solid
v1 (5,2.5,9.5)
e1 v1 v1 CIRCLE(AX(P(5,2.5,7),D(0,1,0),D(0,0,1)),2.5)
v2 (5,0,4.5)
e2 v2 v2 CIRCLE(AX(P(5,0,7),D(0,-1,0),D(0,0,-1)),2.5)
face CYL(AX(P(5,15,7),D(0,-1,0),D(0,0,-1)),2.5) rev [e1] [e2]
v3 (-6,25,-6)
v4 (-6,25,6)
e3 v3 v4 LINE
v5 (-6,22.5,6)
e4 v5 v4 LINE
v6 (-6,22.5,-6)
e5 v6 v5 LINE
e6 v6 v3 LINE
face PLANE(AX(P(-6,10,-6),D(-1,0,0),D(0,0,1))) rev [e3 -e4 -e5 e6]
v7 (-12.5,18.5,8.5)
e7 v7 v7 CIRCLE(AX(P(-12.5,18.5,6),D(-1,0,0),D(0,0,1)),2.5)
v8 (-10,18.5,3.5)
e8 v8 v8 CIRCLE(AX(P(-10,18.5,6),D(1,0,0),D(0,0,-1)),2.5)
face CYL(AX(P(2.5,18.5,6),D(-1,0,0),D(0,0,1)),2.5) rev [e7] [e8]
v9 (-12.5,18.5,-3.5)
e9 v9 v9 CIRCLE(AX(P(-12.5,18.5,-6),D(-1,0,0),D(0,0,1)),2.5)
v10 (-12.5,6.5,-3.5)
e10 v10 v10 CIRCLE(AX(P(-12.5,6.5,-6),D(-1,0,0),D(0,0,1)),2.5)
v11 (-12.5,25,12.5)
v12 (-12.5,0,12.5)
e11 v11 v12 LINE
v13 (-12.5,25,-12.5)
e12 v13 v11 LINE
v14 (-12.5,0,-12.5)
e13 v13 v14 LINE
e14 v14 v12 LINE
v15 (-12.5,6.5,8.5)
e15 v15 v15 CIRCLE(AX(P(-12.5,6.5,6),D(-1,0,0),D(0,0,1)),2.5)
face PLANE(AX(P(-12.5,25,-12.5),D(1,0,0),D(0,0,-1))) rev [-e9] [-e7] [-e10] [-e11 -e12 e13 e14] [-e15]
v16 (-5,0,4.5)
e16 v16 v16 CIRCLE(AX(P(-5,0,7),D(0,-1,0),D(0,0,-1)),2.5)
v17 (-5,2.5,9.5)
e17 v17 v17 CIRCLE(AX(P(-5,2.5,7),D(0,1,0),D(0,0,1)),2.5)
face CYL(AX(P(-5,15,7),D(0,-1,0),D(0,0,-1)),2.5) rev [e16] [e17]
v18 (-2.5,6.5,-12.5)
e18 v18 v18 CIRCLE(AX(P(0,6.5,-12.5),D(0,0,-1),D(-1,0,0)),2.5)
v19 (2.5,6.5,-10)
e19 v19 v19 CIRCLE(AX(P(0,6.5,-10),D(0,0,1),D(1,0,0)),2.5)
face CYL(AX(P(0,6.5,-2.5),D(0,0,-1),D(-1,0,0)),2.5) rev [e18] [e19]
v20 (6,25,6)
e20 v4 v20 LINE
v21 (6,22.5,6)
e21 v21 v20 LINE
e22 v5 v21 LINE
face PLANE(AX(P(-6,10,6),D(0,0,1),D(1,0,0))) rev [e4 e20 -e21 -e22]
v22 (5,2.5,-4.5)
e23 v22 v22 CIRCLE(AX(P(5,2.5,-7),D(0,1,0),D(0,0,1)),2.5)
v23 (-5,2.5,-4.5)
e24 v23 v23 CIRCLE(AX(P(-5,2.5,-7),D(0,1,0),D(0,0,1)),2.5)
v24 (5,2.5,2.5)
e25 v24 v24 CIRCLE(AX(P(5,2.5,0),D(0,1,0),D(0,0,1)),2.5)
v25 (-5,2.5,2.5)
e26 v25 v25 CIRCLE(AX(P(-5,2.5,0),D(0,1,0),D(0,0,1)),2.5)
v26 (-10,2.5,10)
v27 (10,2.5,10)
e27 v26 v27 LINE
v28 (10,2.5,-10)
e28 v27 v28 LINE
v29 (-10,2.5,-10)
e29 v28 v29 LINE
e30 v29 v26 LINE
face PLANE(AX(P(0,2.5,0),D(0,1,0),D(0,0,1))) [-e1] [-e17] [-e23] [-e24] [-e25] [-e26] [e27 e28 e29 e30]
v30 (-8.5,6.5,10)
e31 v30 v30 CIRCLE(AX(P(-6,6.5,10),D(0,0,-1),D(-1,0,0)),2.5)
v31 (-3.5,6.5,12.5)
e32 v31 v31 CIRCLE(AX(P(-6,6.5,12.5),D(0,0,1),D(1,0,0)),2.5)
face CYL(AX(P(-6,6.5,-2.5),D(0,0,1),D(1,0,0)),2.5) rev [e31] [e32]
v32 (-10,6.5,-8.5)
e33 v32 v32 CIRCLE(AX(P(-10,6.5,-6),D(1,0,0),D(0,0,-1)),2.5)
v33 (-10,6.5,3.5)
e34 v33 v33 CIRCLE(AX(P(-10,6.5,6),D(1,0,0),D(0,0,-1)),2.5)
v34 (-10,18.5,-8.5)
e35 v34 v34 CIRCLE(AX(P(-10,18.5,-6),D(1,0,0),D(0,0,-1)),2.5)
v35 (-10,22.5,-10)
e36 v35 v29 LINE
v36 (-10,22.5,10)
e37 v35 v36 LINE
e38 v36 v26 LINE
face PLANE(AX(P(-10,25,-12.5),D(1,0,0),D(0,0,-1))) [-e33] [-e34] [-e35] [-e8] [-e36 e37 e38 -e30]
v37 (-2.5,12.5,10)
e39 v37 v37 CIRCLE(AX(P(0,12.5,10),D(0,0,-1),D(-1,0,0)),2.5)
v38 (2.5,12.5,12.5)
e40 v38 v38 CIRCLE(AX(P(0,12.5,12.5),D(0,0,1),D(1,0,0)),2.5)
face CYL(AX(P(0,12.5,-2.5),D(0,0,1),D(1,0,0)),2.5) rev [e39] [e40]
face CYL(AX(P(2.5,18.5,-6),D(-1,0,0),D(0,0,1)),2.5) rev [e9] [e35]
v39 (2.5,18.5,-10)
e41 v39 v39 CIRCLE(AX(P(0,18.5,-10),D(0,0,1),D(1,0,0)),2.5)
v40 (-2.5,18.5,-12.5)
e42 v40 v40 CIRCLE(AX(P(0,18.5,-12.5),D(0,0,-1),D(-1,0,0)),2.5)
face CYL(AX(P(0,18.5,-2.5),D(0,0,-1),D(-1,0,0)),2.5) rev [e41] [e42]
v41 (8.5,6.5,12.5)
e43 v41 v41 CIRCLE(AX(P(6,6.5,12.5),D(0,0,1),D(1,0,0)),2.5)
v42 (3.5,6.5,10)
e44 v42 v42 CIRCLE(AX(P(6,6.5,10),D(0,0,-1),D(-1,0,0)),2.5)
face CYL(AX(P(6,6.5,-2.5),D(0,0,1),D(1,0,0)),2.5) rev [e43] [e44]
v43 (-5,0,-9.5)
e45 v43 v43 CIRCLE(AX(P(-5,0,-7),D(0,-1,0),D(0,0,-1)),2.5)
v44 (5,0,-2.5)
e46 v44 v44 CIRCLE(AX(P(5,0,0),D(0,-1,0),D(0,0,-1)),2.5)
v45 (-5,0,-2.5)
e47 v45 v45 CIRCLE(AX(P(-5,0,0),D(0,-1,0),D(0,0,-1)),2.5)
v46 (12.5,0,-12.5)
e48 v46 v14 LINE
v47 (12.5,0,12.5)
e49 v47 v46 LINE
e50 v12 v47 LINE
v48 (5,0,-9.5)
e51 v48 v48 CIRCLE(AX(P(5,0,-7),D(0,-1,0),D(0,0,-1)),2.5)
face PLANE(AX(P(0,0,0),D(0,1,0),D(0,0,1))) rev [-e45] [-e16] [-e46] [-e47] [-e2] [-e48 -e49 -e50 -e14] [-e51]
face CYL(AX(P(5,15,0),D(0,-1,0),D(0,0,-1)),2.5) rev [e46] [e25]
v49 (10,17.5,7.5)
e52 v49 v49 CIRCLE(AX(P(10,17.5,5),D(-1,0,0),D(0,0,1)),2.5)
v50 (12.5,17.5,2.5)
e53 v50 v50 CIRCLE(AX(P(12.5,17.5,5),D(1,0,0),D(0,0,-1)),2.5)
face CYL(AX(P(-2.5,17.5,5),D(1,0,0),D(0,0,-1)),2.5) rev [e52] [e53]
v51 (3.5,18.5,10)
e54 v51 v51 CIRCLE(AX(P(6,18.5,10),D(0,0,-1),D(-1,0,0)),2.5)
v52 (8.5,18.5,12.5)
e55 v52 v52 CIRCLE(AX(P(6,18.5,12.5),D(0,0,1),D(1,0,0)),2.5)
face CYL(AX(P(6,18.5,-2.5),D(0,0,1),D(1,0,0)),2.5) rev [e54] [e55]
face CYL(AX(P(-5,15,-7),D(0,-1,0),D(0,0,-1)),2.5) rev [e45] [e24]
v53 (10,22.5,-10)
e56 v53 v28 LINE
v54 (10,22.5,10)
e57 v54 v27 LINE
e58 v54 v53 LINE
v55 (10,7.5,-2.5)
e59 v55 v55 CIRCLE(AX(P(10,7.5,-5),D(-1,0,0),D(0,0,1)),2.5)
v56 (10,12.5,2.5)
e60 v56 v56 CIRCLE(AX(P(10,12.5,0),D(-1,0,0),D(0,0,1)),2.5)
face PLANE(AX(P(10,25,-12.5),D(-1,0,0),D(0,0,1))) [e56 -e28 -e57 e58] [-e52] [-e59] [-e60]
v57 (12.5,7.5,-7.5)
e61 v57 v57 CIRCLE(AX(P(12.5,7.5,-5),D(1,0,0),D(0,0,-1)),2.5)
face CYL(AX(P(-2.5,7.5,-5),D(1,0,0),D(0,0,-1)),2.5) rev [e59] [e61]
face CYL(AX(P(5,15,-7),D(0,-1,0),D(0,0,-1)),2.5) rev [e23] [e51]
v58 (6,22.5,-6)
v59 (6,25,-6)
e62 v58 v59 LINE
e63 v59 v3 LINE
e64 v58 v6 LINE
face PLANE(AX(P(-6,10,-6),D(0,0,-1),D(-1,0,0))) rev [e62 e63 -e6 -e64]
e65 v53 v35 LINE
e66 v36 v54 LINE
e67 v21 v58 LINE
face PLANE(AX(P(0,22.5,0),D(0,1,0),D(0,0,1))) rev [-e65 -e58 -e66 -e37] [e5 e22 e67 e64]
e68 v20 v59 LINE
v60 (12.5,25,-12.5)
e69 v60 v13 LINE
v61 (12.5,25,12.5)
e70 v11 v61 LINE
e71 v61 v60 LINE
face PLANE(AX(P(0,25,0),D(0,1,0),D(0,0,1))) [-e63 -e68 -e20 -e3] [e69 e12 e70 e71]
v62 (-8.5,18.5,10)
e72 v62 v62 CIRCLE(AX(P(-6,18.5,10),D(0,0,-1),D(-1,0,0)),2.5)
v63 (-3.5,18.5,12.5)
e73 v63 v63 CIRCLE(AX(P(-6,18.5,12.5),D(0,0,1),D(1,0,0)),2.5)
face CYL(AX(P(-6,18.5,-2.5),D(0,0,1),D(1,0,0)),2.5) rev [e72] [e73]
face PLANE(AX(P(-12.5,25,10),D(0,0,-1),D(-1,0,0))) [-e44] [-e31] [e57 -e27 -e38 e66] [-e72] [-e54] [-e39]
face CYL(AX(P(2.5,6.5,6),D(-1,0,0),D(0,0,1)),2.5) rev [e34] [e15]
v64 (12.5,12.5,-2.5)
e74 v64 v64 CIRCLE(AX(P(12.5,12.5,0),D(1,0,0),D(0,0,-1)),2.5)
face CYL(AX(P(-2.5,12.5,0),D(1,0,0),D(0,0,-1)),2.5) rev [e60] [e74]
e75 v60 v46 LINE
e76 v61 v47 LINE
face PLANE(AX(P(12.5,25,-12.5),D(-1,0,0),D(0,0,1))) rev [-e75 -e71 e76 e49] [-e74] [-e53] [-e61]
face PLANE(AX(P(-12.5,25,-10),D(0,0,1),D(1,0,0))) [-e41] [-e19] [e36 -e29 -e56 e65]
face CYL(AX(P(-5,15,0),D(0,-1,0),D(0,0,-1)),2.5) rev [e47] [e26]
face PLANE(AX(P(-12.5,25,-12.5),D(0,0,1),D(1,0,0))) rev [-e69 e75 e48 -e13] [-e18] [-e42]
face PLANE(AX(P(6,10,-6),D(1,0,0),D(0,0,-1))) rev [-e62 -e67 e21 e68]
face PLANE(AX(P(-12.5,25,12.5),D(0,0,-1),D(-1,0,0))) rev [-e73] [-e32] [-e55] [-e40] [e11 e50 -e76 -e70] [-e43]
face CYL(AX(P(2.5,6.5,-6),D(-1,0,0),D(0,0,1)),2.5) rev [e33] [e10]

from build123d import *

# Parameters (mm, degrees)
SKETCH1_W           = 25
SKETCH1_H           = 25
BOSS_EXTRUDE1_DEPTH = 25
SHELL1_T            = 2.5
SKETCH2_W           = 12
SKETCH2_H           = 12
CUT_EXTRUDE1_DEPTH  = 15
SKETCH3_R           = 2.5
CUT_EXTRUDE2_DEPTH  = 15
SKETCH4_R           = 2.5
CUT_EXTRUDE6_DEPTH  = 15
SKETCH4_3_R         = 2.5
CUT_EXTRUDE7_DEPTH  = 15
SKETCH5_R           = 2.5
CUT_EXTRUDE8_DEPTH  = 15
SKETCH5_4_R         = 2.5
CUT_EXTRUDE9_DEPTH  = 15
SKETCH5_5_R         = 2.5
CUT_EXTRUDE10_DEPTH = 15
SKETCH7_R           = 2.5
CUT_EXTRUDE11_DEPTH = 15
SKETCH8_R           = 2.5
CUT_EXTRUDE12_DEPTH = 10


with BuildPart() as part:
    # Sketch1 → Boss-Extrude1 (new body)
    with BuildSketch(Plane(origin=(0, 0, 0), x_dir=(1, 0, 0), z_dir=(0, 1, 0))):
        Rectangle(SKETCH1_W, SKETCH1_H)
    extrude(amount=BOSS_EXTRUDE1_DEPTH)

    # Shell1 (no face opened: a closed hollow body)
    add(offset(amount=-SHELL1_T, mode=Mode.PRIVATE), mode=Mode.SUBTRACT)

    # Sketch2 → Cut-Extrude1 (cut)
    with BuildSketch(Plane(origin=(0, 25, 0), x_dir=(1, 0, 0), z_dir=(0, 1, 0))):
        Rectangle(SKETCH2_W, SKETCH2_H)
    extrude(amount=-CUT_EXTRUDE1_DEPTH, mode=Mode.SUBTRACT)

    # Sketch3 → Cut-Extrude2 (cut)
    with BuildSketch(Plane.XZ):
        with Locations((-5, 7)):
            Circle(SKETCH3_R)
        with Locations((-5, 0)):
            Circle(SKETCH3_R)
        with Locations((-5, -7)):
            Circle(SKETCH3_R)
        with Locations((5, 7)):
            Circle(SKETCH3_R)
        with Locations((5, 0)):
            Circle(SKETCH3_R)
        with Locations((5, -7)):
            Circle(SKETCH3_R)
    extrude(amount=-CUT_EXTRUDE2_DEPTH, mode=Mode.SUBTRACT)

    # Sketch4 → Cut-Extrude6 (cut)
    with BuildSketch(Plane(origin=(12.5, 0, 0), x_dir=(0, 0, -1), z_dir=(1, 0, 0))):
        with Locations((-5, 17.5)):
            Circle(SKETCH4_R)
    extrude(amount=-CUT_EXTRUDE6_DEPTH, mode=Mode.SUBTRACT)

    # Sketch4<3> → Cut-Extrude7 (cut)
    with BuildSketch(Plane(origin=(12.5, 0, 0), x_dir=(0, 0, -1), z_dir=(1, 0, 0))):
        with Locations((0, 12.5)):
            Circle(SKETCH4_3_R)
        with Locations((5, 7.5)):
            Circle(SKETCH4_3_R)
    extrude(amount=-CUT_EXTRUDE7_DEPTH, mode=Mode.SUBTRACT)

    # Sketch5 → Cut-Extrude8 (cut)
    with BuildSketch(Plane.ZY.offset(12.5)):
        with Locations((-6, 18.5)):
            Circle(SKETCH5_R)
    extrude(amount=-CUT_EXTRUDE8_DEPTH, mode=Mode.SUBTRACT)

    # Sketch5<4> → Cut-Extrude9 (cut)
    with BuildSketch(Plane.ZY.offset(12.5)):
        with Locations((6, 18.5)):
            Circle(SKETCH5_4_R)
    extrude(amount=-CUT_EXTRUDE9_DEPTH, mode=Mode.SUBTRACT)

    # Sketch5<5> → Cut-Extrude10 (cut)
    with BuildSketch(Plane.ZY.offset(12.5)):
        with Locations((6, 6.5)):
            Circle(SKETCH5_5_R)
        with Locations((-6, 6.5)):
            Circle(SKETCH5_5_R)
    extrude(amount=-CUT_EXTRUDE10_DEPTH, mode=Mode.SUBTRACT)

    # Sketch7 → Cut-Extrude11 (cut)
    with BuildSketch(Plane.XY.offset(12.5)):
        with Locations((-6, 18.5)):
            Circle(SKETCH7_R)
        with Locations((0, 12.5)):
            Circle(SKETCH7_R)
        with Locations((6, 18.5)):
            Circle(SKETCH7_R)
        with Locations((6, 6.5)):
            Circle(SKETCH7_R)
        with Locations((-6, 6.5)):
            Circle(SKETCH7_R)
    extrude(amount=-CUT_EXTRUDE11_DEPTH, mode=Mode.SUBTRACT)

    # Sketch8 → Cut-Extrude12 (cut)
    with BuildSketch(Plane(origin=(0, 0, -12.5), x_dir=(-1, 0, 0), z_dir=(0, 0, -1))):
        with Locations((0, 18.5)):
            Circle(SKETCH8_R)
        with Locations((0, 6.5)):
            Circle(SKETCH8_R)
    extrude(amount=-CUT_EXTRUDE12_DEPTH, mode=Mode.SUBTRACT)


solid = part.part
